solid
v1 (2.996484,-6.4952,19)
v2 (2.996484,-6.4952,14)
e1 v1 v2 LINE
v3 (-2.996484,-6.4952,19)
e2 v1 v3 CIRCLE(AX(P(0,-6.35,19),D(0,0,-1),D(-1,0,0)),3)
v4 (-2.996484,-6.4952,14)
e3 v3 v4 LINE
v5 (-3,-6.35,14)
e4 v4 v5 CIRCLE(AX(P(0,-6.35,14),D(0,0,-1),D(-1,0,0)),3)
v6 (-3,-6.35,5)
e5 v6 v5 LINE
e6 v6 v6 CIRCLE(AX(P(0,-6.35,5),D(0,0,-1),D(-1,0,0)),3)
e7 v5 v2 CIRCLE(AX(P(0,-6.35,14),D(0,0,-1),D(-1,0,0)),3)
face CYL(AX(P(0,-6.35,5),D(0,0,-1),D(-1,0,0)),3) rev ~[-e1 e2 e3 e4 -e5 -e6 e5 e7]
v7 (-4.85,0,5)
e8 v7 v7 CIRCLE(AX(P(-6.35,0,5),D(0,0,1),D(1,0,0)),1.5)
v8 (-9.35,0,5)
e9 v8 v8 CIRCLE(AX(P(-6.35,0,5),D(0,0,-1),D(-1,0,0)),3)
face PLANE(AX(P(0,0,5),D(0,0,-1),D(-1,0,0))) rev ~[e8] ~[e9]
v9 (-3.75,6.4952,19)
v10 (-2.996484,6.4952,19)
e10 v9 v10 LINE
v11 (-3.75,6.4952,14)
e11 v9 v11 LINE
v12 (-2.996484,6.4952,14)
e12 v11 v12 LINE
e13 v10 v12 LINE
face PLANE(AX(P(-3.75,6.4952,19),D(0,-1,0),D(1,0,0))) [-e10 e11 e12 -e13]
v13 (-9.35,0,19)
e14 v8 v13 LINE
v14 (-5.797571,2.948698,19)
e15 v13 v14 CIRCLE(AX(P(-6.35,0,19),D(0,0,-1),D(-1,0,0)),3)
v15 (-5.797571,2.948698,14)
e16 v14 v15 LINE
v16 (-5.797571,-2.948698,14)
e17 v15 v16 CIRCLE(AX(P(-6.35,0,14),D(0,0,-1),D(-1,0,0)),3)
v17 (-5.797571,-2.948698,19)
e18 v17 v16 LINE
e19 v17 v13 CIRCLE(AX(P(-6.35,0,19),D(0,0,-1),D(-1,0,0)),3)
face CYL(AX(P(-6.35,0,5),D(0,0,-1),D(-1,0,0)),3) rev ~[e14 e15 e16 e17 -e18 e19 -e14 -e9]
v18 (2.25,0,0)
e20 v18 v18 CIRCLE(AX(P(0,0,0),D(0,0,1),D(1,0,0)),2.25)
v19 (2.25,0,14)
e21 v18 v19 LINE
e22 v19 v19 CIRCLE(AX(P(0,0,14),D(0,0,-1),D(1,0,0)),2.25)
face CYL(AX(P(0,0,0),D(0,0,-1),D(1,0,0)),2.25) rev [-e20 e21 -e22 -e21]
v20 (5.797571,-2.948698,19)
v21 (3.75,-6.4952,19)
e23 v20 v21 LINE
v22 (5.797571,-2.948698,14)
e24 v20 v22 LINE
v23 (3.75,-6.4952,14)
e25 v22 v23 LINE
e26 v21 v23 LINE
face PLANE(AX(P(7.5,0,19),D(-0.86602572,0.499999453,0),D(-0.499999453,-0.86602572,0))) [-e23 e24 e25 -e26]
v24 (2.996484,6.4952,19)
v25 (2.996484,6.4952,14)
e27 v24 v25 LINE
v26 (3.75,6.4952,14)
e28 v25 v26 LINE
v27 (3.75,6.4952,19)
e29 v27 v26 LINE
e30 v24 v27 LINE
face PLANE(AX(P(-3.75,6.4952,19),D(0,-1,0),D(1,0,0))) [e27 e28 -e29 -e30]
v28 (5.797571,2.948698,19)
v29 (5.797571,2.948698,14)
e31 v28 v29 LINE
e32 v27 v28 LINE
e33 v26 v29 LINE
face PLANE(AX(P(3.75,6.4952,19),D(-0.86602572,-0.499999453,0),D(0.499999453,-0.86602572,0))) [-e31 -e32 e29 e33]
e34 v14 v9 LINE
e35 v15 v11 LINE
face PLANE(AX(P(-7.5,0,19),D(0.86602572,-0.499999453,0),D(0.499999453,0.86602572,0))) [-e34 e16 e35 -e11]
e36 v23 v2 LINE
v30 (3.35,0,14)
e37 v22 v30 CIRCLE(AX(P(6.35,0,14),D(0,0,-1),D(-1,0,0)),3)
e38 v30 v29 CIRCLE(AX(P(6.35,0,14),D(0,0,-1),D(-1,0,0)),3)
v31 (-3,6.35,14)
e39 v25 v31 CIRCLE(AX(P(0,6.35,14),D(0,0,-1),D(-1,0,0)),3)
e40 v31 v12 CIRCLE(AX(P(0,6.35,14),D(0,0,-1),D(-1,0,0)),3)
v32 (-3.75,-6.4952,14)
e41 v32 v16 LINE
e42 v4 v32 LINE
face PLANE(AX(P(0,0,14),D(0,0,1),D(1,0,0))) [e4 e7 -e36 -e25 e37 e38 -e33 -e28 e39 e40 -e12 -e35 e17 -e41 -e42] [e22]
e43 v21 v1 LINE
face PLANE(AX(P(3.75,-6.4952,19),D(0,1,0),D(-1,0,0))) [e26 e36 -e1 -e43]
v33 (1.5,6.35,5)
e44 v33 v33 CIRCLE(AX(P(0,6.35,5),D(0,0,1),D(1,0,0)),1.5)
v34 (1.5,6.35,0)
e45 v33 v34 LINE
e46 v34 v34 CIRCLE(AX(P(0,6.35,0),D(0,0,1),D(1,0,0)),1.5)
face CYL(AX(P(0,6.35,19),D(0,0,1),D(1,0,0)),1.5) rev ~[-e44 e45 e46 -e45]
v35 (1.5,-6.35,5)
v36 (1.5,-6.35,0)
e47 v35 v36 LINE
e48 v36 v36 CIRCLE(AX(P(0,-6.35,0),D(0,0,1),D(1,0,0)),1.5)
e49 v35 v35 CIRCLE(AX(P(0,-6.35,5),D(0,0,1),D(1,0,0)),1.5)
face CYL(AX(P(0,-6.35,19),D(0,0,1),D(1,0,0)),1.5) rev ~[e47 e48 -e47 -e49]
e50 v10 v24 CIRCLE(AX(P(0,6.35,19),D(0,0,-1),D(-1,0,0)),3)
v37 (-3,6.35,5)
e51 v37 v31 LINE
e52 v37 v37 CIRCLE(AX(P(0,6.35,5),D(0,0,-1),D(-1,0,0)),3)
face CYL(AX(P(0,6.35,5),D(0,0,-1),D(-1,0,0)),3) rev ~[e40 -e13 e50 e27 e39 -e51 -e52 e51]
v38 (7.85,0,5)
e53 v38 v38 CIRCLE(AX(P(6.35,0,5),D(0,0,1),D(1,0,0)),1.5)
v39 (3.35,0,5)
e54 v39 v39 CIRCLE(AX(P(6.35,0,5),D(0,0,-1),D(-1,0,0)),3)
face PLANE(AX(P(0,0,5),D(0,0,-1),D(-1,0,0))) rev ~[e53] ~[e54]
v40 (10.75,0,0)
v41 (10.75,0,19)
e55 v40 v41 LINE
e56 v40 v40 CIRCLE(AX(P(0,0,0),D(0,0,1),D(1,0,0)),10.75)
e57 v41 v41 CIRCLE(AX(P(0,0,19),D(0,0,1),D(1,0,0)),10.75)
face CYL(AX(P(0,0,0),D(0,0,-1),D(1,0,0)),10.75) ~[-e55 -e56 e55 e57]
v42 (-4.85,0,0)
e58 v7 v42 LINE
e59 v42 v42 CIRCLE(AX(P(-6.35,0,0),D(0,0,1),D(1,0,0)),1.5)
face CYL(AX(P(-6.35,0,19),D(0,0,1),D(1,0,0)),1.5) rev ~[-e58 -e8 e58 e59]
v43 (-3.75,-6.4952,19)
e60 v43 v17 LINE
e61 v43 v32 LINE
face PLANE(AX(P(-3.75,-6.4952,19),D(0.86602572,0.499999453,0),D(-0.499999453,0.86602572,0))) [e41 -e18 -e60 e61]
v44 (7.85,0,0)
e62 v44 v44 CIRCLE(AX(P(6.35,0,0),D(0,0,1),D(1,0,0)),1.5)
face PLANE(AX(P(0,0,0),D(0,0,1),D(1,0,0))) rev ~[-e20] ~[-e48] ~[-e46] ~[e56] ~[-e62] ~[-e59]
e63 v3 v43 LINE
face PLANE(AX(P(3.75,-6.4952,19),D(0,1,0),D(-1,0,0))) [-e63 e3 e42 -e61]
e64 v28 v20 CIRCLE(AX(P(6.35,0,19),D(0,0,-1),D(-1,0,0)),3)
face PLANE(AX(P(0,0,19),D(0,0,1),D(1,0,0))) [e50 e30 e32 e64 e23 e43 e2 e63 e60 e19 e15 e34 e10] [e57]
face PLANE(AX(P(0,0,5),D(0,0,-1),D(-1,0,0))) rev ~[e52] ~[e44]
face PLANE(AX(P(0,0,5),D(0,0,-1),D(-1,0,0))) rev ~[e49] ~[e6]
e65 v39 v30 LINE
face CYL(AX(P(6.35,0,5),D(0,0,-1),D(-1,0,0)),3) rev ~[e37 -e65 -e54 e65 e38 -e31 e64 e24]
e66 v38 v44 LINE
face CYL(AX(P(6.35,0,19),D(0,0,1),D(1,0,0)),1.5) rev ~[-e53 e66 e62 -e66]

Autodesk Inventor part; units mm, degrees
ref_plane "YZ Plane" through (0, 0, 0) normal (1, 0, 0) x (0, 1, 0)
ref_plane "XZ Plane" through (0, 0, 0) normal (0, 1, 0) x (-1, 0, 0)
sketch "Sketch1" plane through (0, 0, 0) normal (0, 0, 1) x (1, 0, 0)
  circle A0 centre (0, 0) radius 10.75
  circle A1 centre (0, 0) radius 2.25
  dimension "d0" = 21.5
  dimension "d1" = 4.5
extrude "Extrusion1" add sketch "Sketch1" along normal blind 19
sketch "Sketch2" plane through (0, 0, 19) normal (0, 0, 1) x (1, 0, 0)
  line L0 (7.5, 0) -> (3.75, -6.4952)
  line L1 (3.75, -6.4952) -> (-3.75, -6.4952)
  line L2 (-3.75, -6.4952) -> (-7.5, 0)
  line L3 (-7.5, 0) -> (-3.75, 6.4952)
  line L4 (-3.75, 6.4952) -> (3.75, 6.4952)
  line L5 (3.75, 6.4952) -> (7.5, 0)
  point P0 (0, 0)
  point P1 (0, 0)
  dimension "d4" = 15
extrude "Extrusion2" cut sketch "Sketch2" against normal blind 5
sketch "Sketch9" plane through (0, 0, 19) normal (0, 0, 1) x (1, 0, 0)
  circle A0 centre (0, -6.35) radius 1.5
  circle A1 centre (0, 6.35) radius 1.5
  line L0 (0, 6.35) -> (0, -6.35) construction
  circle A2 centre (6.35, 0) radius 1.5
  circle A3 centre (-6.35, 0) radius 1.5
  line L1 (-6.35, 0) -> (6.35, 0) construction
  point P0 (0, 0)
  point P1 (0, 0)
  dimension "d19" = 3
  dimension "d20" = 3
  dimension "d21" = 12.7
  dimension "d22" = 3
  dimension "d23" = 3
  dimension "d24" = 12.7
extrude "Extrusion6" cut sketch "Sketch9" against normal through all
ref_plane "Work Plane2" through (0, 0, 5) normal (0, 0, -1) x (-1, 0, 0)
sketch "Sketch11" plane through (0, 0, 5) normal (0, 0, -1) x (-1, 0, 0)
  circle A0 centre (-6.35, 0) radius 1.5 projected
  circle A1 centre (-6.35, 0) radius 3
  circle A2 centre (0, 0) radius 2.25 construction
  circle A3 centre (0, -6.35) radius 3
  circle A4 centre (6.35, 0) radius 3
  circle A5 centre (0, 6.35) radius 3
  point P0 (6.35, 0)
  point P1 (0, 6.35)
  point P2 (0, -6.35)
  dimension "d32" = 6
  dimension "d40" = 360
extrude "Extrusion7" cut sketch "Sketch11" against normal through all contours A0 | A1 | A3 | A4 | A5
properties part number "AA031" material "ABS Plastic"
